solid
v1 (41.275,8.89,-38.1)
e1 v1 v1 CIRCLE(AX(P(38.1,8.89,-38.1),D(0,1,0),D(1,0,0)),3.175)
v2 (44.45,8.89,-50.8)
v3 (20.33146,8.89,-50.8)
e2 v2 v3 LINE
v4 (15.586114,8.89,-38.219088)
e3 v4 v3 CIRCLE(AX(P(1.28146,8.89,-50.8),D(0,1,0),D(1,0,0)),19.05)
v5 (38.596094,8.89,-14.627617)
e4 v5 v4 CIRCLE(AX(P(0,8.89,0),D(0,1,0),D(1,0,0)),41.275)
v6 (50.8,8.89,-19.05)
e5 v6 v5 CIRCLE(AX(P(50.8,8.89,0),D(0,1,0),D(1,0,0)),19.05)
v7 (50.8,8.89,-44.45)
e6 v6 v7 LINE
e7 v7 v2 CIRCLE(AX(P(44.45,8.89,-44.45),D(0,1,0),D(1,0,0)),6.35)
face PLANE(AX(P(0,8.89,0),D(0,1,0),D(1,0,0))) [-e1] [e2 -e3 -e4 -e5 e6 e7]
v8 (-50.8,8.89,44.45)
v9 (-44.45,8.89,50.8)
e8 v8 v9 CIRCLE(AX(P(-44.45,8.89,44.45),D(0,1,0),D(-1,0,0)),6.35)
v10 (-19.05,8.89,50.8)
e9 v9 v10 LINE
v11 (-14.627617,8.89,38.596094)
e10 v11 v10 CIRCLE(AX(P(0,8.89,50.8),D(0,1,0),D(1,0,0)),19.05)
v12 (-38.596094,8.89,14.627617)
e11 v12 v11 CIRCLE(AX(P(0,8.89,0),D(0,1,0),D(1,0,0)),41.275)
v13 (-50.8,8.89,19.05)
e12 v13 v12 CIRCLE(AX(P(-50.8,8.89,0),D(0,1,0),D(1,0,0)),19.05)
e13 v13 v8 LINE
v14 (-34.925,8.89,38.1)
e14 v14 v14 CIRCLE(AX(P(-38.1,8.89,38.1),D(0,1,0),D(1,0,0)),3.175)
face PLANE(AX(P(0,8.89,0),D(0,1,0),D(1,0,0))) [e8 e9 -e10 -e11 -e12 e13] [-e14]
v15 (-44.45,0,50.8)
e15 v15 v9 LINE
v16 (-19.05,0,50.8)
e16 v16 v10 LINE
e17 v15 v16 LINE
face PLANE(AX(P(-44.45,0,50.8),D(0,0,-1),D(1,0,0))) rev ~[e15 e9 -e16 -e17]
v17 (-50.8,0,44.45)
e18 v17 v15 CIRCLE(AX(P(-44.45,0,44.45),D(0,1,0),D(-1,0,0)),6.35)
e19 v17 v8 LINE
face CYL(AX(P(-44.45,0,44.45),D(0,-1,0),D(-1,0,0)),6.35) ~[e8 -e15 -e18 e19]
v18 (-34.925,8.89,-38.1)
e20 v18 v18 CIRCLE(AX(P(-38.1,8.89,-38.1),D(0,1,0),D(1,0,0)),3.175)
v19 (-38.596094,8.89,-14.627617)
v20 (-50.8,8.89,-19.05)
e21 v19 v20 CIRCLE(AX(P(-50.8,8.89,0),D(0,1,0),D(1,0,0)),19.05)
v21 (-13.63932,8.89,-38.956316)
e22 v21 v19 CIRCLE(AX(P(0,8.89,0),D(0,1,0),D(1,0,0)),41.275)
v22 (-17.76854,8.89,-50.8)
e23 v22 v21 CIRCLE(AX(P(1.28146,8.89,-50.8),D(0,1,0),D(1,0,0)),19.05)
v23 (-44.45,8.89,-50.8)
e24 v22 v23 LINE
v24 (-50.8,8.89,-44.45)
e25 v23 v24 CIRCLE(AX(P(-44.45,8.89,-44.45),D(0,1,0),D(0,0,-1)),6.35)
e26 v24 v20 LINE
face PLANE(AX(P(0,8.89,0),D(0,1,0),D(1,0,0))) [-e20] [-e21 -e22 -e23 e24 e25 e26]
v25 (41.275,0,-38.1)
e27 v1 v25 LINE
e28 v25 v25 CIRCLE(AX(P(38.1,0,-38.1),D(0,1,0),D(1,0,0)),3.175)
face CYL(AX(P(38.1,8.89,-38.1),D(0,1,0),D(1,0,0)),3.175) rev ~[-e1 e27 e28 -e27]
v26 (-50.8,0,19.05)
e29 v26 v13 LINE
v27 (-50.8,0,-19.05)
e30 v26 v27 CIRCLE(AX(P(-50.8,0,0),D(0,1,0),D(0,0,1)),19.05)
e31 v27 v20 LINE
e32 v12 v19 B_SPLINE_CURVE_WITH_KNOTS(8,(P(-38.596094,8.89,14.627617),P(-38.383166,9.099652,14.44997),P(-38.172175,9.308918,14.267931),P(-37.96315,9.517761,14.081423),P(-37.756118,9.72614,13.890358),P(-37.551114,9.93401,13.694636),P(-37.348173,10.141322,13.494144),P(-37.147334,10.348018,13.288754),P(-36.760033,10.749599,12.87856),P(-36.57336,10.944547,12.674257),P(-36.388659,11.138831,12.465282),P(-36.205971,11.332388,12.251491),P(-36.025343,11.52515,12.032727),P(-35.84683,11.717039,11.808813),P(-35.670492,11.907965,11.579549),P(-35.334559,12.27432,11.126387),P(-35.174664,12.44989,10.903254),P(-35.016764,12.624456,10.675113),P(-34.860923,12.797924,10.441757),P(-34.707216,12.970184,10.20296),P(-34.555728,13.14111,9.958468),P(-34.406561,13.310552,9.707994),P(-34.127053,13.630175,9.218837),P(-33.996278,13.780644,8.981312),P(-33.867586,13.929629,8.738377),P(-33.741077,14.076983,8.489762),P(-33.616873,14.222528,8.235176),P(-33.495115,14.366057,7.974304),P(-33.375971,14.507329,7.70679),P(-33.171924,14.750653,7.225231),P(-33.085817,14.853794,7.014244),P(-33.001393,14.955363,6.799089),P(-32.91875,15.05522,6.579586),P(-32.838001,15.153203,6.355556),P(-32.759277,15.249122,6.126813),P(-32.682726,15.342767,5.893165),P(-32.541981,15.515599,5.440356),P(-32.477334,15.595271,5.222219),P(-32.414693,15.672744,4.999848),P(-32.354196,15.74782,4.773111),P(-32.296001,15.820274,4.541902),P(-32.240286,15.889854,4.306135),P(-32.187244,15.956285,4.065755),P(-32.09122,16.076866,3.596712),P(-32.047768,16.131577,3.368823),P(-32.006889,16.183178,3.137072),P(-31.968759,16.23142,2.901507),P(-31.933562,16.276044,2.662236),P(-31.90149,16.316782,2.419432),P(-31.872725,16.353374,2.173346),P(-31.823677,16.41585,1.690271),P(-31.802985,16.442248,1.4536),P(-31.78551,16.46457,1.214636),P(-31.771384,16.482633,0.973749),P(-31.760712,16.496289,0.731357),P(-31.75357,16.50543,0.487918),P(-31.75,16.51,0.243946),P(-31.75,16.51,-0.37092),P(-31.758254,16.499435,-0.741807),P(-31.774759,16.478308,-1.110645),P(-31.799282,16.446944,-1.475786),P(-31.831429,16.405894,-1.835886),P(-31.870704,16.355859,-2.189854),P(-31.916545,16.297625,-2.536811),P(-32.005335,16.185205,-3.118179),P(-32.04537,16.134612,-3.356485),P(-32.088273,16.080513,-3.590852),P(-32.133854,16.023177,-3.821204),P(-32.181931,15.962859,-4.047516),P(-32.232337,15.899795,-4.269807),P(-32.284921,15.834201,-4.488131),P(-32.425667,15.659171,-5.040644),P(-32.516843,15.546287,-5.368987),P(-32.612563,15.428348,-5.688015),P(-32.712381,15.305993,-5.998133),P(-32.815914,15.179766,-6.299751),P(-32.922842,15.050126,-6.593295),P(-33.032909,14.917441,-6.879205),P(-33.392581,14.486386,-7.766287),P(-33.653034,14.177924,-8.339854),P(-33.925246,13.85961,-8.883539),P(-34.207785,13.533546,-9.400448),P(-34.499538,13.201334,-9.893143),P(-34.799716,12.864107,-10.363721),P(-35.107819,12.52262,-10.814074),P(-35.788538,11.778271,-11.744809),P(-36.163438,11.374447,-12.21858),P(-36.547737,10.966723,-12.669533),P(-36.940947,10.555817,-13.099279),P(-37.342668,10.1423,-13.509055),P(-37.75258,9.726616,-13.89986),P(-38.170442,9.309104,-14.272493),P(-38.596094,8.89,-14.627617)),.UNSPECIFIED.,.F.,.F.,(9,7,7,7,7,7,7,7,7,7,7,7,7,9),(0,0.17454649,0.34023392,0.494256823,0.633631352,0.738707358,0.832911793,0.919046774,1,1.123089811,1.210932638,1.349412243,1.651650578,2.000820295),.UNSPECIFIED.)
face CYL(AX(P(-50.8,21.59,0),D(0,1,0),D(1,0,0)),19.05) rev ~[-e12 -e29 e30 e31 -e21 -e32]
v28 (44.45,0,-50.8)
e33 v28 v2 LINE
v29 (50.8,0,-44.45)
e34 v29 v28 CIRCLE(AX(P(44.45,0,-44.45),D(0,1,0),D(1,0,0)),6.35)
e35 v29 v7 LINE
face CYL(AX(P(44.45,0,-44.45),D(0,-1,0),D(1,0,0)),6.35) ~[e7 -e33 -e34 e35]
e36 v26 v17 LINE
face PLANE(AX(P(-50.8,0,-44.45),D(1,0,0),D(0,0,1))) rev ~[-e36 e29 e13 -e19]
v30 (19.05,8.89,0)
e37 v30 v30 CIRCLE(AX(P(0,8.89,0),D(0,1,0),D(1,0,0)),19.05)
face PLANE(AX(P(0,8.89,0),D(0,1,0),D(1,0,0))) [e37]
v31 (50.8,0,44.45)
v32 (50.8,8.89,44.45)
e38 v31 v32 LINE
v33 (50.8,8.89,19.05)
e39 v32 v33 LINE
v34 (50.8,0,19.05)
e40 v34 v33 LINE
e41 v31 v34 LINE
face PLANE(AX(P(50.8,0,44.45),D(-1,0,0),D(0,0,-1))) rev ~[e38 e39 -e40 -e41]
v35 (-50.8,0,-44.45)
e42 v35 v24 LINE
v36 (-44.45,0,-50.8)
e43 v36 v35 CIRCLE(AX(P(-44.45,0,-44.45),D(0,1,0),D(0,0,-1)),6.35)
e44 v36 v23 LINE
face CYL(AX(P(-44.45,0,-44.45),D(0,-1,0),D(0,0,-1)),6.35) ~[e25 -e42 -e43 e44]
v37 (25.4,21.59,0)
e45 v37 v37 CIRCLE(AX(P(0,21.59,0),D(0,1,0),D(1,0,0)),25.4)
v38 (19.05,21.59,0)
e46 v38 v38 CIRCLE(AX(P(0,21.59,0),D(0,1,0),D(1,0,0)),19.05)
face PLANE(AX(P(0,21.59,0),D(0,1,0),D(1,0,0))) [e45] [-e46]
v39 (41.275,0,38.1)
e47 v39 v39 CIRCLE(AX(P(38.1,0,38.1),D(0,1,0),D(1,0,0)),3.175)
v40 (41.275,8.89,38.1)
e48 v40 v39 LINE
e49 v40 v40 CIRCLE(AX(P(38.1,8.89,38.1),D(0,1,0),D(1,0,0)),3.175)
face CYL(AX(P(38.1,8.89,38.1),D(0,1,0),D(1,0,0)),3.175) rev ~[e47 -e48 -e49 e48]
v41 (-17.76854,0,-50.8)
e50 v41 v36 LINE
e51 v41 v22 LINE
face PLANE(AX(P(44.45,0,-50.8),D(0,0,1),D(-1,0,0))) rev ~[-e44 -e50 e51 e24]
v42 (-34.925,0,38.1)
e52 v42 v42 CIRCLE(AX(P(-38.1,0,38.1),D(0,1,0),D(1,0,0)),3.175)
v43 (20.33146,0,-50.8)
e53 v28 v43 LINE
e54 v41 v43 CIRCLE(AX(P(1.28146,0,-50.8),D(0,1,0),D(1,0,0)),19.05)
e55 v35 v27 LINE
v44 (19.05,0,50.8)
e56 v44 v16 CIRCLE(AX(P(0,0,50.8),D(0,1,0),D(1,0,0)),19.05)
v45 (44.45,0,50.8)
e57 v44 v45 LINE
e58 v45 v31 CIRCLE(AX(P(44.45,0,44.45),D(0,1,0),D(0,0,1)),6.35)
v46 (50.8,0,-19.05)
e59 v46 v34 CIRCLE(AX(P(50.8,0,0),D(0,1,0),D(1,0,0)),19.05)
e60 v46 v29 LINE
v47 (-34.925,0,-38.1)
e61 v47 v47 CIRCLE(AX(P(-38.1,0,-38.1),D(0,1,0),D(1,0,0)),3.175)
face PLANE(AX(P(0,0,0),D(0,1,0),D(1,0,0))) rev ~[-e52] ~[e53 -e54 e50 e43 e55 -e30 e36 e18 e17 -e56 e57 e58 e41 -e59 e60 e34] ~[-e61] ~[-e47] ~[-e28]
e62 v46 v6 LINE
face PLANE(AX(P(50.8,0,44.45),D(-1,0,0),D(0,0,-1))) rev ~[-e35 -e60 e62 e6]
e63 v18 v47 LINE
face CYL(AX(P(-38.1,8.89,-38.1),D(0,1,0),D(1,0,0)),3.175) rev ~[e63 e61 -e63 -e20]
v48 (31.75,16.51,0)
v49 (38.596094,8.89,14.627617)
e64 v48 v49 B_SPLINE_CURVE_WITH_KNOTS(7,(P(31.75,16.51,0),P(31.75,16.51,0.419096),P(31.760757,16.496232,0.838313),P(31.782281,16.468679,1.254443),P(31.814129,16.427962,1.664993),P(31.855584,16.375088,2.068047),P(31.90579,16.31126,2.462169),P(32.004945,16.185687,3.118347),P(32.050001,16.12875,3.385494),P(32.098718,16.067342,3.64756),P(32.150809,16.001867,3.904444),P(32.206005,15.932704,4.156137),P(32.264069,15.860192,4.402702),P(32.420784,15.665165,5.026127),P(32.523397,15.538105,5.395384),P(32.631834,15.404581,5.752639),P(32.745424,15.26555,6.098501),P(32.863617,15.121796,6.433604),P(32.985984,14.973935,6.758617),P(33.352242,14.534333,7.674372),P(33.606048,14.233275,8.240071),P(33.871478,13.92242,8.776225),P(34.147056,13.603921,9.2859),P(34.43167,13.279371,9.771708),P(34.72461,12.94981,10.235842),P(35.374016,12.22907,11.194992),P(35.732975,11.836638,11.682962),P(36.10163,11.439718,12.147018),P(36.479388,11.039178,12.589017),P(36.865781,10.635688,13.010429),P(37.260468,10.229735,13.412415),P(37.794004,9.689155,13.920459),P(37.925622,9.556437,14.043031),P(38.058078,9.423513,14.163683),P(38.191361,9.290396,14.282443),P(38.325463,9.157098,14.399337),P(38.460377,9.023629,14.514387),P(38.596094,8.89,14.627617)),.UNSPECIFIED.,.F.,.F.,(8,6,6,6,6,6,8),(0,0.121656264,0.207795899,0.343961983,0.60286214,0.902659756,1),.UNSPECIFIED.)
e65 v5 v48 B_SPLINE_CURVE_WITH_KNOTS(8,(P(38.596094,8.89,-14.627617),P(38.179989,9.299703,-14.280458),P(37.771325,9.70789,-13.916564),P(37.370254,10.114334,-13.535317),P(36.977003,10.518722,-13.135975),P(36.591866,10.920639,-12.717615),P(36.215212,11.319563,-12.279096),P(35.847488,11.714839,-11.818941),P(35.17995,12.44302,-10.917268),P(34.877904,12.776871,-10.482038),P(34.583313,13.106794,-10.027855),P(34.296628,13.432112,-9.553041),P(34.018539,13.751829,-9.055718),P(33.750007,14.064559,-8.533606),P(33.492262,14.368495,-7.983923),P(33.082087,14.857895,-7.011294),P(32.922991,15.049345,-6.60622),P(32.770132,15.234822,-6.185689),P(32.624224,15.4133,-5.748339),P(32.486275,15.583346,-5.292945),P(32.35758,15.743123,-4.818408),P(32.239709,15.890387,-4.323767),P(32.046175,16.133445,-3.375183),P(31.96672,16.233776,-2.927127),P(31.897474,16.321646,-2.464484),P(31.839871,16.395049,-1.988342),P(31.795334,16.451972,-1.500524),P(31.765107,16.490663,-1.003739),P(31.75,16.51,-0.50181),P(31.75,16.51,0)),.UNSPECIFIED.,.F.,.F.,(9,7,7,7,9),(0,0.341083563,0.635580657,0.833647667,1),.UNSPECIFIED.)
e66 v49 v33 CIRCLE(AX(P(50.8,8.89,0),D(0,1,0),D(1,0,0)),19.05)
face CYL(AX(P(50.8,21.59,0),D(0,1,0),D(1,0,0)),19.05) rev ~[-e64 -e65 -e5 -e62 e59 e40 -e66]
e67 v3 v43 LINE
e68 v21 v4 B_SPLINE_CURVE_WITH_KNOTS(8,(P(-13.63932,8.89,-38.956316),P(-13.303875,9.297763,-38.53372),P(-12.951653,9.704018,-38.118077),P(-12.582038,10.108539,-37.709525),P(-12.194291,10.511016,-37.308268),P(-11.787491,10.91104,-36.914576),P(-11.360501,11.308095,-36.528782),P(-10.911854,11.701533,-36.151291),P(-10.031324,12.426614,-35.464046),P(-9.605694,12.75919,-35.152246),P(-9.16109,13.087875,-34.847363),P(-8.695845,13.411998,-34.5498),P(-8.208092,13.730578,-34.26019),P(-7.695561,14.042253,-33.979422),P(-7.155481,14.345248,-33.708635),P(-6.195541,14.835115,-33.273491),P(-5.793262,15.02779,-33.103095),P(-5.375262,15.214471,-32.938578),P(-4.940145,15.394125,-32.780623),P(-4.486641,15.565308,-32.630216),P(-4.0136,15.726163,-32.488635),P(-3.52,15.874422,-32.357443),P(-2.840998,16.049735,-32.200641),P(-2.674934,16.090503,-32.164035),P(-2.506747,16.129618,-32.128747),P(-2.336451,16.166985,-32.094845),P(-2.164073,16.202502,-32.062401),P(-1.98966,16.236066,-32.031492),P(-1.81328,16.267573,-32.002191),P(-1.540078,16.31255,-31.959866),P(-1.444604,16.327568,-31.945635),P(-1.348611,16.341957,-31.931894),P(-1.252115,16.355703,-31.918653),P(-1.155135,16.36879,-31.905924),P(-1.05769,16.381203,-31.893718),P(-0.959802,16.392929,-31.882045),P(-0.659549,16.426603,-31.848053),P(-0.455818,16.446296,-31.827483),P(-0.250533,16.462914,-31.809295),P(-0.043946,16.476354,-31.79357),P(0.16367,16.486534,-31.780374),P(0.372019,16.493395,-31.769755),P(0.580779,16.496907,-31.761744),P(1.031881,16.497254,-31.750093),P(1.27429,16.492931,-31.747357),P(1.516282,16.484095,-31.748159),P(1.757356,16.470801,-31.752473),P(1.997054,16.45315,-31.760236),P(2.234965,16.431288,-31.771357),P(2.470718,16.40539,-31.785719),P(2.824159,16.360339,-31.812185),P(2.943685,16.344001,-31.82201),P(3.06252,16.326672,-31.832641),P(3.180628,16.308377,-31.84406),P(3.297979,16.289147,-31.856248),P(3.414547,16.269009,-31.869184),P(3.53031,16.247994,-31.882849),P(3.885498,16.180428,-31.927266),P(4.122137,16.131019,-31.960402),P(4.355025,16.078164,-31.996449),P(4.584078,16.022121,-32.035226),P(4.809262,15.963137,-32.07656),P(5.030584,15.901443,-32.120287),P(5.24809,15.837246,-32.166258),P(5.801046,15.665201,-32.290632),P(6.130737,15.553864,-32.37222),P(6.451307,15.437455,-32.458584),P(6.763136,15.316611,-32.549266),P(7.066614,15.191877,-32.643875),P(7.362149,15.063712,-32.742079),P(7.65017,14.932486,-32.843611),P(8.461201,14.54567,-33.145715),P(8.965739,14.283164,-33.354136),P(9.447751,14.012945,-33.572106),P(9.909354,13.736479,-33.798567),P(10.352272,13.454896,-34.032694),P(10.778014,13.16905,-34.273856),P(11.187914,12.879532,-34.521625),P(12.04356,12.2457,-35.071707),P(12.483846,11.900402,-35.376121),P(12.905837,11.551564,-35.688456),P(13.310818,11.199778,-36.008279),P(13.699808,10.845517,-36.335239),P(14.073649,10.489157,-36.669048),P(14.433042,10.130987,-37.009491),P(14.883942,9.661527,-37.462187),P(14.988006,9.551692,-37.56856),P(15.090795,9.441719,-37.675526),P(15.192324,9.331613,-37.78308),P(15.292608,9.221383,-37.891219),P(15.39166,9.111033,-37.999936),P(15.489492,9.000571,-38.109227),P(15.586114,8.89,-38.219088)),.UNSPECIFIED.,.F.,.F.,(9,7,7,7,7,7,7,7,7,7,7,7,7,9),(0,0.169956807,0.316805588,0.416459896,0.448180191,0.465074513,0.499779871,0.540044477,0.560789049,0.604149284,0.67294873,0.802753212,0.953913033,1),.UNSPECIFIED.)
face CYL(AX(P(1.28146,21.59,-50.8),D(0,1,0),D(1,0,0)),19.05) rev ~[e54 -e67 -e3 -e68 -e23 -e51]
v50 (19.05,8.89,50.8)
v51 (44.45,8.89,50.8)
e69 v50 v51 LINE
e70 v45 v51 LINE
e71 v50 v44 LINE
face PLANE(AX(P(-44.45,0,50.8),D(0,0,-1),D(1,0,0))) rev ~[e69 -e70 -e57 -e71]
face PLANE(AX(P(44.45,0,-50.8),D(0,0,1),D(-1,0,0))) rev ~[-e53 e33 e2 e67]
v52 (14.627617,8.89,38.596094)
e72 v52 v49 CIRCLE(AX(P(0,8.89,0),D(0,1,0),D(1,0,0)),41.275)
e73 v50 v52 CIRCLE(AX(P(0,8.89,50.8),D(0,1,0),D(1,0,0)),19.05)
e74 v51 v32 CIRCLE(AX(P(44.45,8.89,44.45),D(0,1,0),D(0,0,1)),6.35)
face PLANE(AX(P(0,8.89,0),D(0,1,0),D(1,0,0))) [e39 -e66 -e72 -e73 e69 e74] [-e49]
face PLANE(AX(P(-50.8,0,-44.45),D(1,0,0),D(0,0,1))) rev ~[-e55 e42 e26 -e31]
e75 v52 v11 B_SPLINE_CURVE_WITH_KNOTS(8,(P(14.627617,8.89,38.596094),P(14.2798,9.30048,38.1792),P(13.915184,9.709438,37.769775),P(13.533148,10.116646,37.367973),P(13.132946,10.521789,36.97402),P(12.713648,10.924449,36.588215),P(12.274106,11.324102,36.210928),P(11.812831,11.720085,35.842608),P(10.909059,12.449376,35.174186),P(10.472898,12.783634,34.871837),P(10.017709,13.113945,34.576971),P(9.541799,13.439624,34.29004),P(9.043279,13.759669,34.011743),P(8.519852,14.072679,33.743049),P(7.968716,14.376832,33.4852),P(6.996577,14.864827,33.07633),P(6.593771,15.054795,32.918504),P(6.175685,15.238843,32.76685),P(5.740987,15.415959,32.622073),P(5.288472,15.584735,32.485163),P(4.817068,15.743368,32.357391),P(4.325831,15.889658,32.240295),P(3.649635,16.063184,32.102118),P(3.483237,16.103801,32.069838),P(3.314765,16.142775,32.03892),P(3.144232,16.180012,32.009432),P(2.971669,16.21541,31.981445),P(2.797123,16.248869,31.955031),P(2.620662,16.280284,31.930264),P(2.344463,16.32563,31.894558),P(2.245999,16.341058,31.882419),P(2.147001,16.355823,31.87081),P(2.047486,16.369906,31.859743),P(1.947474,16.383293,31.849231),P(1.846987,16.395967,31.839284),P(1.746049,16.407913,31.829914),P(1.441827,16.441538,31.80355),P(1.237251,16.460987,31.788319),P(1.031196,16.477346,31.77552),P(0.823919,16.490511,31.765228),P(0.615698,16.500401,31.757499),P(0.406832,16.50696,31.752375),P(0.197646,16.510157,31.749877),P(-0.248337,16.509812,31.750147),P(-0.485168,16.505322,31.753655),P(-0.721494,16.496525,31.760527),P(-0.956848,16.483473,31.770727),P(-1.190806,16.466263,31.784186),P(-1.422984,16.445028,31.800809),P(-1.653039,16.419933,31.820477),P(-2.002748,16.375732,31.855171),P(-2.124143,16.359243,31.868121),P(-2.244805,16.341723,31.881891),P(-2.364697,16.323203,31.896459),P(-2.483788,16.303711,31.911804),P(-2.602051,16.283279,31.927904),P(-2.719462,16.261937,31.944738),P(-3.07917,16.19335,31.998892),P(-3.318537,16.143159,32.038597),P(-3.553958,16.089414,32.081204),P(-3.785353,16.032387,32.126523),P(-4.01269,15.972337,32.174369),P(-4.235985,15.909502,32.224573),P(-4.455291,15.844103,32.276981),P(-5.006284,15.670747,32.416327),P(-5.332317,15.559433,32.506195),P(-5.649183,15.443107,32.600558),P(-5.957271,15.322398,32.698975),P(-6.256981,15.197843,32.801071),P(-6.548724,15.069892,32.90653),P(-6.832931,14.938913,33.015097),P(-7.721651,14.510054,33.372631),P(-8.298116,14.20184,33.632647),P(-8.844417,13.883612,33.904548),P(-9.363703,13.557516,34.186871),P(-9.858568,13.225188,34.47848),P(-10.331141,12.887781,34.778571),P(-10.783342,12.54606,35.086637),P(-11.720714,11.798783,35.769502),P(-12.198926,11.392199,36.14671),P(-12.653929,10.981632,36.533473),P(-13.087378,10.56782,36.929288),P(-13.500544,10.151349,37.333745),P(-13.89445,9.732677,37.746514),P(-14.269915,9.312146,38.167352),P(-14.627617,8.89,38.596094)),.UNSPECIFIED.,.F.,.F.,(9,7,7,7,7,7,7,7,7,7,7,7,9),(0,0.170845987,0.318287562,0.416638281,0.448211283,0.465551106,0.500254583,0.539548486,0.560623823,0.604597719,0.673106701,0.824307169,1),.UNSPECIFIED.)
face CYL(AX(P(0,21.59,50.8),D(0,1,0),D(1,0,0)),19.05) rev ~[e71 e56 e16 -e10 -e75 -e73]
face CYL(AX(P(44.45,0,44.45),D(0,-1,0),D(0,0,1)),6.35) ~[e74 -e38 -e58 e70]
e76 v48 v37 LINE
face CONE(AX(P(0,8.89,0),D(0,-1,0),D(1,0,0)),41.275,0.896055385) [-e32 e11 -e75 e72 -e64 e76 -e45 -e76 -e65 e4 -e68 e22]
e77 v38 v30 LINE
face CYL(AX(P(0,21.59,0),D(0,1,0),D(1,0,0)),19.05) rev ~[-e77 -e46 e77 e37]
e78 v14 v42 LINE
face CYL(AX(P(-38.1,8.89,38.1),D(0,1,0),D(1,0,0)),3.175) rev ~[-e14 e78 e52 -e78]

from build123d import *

# Parameters (mm, degrees)
BOSS_EXTRUDE2_DEPTH = 8.89
SKETCH11_R          = 19.05
CUT_EXTRUDE1_DEPTH  = 127
SKETCH12_R          = 19.05
CUT_EXTRUDE2_DEPTH  = 12.7
SKETCH13_R          = 3.175
CUT_EXTRUDE3_DEPTH  = 12.7


with BuildPart() as part:
    # Sketch1 → Boss-Extrude2 (new body)
    with BuildSketch(Plane(origin=(0, 0, 0), x_dir=(1, 0, 0), z_dir=(0, 1, 0))):
        with BuildLine():
            Line((-44.45, -50.8), (44.45, -50.8))
            ThreePointArc((44.45, -50.8), (48.940128061, -48.940128061), (50.8, -44.45))
            Line((50.8, -44.45), (50.8, 44.45))
            ThreePointArc((50.8, 44.45), (48.940128061, 48.940128061), (44.45, 50.8))
            Line((44.45, 50.8), (-44.45, 50.8))
            ThreePointArc((-44.45, 50.8), (-48.940128061, 48.940128061), (-50.8, 44.45))
            Line((-50.8, 44.45), (-50.8, -44.45))
            ThreePointArc((-50.8, -44.45), (-48.940128061, -48.940128061), (-44.45, -50.8))
        make_face()
    extrude(amount=BOSS_EXTRUDE2_DEPTH)

    # Sketch10 → Revolve1 (revolve)
    with BuildSketch(Plane.XY):
        Polygon((0, 21.59), (0, 8.89), (41.275, 8.89), (25.4, 21.59), align=None)
    revolve(axis=Axis((0, 0, 0), (0, 1, 0)))

    # Sketch11 → Cut-Extrude1 (cut)
    with BuildSketch(Plane(origin=(0, 21.59, 0), x_dir=(1, 0, 0), z_dir=(0, 1, 0))):
        with Locations((1.281459619, 50.8)):
            Circle(SKETCH11_R)
        with Locations((50.8, 0)):
            Circle(SKETCH11_R)
        with Locations((0, -50.8)):
            Circle(SKETCH11_R)
        with Locations((-50.8, 0)):
            Circle(SKETCH11_R)
    extrude(amount=-CUT_EXTRUDE1_DEPTH, mode=Mode.SUBTRACT)

    # Sketch12 → Cut-Extrude2 (cut)
    with BuildSketch(Plane(origin=(0, 21.59, 0), x_dir=(1, 0, 0), z_dir=(0, 1, 0))):
        Circle(SKETCH12_R)
    extrude(amount=-CUT_EXTRUDE2_DEPTH, mode=Mode.SUBTRACT)

    # Sketch13 → Cut-Extrude3 (cut)
    with BuildSketch(Plane(origin=(0, 8.89, 0), x_dir=(1, 0, 0), z_dir=(0, 1, 0))):
        with Locations((-38.1, 38.1)):
            Circle(SKETCH13_R)
        with Locations((38.1, 38.1)):
            Circle(SKETCH13_R)
        with Locations((38.1, -38.1)):
            Circle(SKETCH13_R)
        with Locations((-38.1, -38.1)):
            Circle(SKETCH13_R)
    extrude(amount=-CUT_EXTRUDE3_DEPTH, mode=Mode.SUBTRACT)


solid = part.part
